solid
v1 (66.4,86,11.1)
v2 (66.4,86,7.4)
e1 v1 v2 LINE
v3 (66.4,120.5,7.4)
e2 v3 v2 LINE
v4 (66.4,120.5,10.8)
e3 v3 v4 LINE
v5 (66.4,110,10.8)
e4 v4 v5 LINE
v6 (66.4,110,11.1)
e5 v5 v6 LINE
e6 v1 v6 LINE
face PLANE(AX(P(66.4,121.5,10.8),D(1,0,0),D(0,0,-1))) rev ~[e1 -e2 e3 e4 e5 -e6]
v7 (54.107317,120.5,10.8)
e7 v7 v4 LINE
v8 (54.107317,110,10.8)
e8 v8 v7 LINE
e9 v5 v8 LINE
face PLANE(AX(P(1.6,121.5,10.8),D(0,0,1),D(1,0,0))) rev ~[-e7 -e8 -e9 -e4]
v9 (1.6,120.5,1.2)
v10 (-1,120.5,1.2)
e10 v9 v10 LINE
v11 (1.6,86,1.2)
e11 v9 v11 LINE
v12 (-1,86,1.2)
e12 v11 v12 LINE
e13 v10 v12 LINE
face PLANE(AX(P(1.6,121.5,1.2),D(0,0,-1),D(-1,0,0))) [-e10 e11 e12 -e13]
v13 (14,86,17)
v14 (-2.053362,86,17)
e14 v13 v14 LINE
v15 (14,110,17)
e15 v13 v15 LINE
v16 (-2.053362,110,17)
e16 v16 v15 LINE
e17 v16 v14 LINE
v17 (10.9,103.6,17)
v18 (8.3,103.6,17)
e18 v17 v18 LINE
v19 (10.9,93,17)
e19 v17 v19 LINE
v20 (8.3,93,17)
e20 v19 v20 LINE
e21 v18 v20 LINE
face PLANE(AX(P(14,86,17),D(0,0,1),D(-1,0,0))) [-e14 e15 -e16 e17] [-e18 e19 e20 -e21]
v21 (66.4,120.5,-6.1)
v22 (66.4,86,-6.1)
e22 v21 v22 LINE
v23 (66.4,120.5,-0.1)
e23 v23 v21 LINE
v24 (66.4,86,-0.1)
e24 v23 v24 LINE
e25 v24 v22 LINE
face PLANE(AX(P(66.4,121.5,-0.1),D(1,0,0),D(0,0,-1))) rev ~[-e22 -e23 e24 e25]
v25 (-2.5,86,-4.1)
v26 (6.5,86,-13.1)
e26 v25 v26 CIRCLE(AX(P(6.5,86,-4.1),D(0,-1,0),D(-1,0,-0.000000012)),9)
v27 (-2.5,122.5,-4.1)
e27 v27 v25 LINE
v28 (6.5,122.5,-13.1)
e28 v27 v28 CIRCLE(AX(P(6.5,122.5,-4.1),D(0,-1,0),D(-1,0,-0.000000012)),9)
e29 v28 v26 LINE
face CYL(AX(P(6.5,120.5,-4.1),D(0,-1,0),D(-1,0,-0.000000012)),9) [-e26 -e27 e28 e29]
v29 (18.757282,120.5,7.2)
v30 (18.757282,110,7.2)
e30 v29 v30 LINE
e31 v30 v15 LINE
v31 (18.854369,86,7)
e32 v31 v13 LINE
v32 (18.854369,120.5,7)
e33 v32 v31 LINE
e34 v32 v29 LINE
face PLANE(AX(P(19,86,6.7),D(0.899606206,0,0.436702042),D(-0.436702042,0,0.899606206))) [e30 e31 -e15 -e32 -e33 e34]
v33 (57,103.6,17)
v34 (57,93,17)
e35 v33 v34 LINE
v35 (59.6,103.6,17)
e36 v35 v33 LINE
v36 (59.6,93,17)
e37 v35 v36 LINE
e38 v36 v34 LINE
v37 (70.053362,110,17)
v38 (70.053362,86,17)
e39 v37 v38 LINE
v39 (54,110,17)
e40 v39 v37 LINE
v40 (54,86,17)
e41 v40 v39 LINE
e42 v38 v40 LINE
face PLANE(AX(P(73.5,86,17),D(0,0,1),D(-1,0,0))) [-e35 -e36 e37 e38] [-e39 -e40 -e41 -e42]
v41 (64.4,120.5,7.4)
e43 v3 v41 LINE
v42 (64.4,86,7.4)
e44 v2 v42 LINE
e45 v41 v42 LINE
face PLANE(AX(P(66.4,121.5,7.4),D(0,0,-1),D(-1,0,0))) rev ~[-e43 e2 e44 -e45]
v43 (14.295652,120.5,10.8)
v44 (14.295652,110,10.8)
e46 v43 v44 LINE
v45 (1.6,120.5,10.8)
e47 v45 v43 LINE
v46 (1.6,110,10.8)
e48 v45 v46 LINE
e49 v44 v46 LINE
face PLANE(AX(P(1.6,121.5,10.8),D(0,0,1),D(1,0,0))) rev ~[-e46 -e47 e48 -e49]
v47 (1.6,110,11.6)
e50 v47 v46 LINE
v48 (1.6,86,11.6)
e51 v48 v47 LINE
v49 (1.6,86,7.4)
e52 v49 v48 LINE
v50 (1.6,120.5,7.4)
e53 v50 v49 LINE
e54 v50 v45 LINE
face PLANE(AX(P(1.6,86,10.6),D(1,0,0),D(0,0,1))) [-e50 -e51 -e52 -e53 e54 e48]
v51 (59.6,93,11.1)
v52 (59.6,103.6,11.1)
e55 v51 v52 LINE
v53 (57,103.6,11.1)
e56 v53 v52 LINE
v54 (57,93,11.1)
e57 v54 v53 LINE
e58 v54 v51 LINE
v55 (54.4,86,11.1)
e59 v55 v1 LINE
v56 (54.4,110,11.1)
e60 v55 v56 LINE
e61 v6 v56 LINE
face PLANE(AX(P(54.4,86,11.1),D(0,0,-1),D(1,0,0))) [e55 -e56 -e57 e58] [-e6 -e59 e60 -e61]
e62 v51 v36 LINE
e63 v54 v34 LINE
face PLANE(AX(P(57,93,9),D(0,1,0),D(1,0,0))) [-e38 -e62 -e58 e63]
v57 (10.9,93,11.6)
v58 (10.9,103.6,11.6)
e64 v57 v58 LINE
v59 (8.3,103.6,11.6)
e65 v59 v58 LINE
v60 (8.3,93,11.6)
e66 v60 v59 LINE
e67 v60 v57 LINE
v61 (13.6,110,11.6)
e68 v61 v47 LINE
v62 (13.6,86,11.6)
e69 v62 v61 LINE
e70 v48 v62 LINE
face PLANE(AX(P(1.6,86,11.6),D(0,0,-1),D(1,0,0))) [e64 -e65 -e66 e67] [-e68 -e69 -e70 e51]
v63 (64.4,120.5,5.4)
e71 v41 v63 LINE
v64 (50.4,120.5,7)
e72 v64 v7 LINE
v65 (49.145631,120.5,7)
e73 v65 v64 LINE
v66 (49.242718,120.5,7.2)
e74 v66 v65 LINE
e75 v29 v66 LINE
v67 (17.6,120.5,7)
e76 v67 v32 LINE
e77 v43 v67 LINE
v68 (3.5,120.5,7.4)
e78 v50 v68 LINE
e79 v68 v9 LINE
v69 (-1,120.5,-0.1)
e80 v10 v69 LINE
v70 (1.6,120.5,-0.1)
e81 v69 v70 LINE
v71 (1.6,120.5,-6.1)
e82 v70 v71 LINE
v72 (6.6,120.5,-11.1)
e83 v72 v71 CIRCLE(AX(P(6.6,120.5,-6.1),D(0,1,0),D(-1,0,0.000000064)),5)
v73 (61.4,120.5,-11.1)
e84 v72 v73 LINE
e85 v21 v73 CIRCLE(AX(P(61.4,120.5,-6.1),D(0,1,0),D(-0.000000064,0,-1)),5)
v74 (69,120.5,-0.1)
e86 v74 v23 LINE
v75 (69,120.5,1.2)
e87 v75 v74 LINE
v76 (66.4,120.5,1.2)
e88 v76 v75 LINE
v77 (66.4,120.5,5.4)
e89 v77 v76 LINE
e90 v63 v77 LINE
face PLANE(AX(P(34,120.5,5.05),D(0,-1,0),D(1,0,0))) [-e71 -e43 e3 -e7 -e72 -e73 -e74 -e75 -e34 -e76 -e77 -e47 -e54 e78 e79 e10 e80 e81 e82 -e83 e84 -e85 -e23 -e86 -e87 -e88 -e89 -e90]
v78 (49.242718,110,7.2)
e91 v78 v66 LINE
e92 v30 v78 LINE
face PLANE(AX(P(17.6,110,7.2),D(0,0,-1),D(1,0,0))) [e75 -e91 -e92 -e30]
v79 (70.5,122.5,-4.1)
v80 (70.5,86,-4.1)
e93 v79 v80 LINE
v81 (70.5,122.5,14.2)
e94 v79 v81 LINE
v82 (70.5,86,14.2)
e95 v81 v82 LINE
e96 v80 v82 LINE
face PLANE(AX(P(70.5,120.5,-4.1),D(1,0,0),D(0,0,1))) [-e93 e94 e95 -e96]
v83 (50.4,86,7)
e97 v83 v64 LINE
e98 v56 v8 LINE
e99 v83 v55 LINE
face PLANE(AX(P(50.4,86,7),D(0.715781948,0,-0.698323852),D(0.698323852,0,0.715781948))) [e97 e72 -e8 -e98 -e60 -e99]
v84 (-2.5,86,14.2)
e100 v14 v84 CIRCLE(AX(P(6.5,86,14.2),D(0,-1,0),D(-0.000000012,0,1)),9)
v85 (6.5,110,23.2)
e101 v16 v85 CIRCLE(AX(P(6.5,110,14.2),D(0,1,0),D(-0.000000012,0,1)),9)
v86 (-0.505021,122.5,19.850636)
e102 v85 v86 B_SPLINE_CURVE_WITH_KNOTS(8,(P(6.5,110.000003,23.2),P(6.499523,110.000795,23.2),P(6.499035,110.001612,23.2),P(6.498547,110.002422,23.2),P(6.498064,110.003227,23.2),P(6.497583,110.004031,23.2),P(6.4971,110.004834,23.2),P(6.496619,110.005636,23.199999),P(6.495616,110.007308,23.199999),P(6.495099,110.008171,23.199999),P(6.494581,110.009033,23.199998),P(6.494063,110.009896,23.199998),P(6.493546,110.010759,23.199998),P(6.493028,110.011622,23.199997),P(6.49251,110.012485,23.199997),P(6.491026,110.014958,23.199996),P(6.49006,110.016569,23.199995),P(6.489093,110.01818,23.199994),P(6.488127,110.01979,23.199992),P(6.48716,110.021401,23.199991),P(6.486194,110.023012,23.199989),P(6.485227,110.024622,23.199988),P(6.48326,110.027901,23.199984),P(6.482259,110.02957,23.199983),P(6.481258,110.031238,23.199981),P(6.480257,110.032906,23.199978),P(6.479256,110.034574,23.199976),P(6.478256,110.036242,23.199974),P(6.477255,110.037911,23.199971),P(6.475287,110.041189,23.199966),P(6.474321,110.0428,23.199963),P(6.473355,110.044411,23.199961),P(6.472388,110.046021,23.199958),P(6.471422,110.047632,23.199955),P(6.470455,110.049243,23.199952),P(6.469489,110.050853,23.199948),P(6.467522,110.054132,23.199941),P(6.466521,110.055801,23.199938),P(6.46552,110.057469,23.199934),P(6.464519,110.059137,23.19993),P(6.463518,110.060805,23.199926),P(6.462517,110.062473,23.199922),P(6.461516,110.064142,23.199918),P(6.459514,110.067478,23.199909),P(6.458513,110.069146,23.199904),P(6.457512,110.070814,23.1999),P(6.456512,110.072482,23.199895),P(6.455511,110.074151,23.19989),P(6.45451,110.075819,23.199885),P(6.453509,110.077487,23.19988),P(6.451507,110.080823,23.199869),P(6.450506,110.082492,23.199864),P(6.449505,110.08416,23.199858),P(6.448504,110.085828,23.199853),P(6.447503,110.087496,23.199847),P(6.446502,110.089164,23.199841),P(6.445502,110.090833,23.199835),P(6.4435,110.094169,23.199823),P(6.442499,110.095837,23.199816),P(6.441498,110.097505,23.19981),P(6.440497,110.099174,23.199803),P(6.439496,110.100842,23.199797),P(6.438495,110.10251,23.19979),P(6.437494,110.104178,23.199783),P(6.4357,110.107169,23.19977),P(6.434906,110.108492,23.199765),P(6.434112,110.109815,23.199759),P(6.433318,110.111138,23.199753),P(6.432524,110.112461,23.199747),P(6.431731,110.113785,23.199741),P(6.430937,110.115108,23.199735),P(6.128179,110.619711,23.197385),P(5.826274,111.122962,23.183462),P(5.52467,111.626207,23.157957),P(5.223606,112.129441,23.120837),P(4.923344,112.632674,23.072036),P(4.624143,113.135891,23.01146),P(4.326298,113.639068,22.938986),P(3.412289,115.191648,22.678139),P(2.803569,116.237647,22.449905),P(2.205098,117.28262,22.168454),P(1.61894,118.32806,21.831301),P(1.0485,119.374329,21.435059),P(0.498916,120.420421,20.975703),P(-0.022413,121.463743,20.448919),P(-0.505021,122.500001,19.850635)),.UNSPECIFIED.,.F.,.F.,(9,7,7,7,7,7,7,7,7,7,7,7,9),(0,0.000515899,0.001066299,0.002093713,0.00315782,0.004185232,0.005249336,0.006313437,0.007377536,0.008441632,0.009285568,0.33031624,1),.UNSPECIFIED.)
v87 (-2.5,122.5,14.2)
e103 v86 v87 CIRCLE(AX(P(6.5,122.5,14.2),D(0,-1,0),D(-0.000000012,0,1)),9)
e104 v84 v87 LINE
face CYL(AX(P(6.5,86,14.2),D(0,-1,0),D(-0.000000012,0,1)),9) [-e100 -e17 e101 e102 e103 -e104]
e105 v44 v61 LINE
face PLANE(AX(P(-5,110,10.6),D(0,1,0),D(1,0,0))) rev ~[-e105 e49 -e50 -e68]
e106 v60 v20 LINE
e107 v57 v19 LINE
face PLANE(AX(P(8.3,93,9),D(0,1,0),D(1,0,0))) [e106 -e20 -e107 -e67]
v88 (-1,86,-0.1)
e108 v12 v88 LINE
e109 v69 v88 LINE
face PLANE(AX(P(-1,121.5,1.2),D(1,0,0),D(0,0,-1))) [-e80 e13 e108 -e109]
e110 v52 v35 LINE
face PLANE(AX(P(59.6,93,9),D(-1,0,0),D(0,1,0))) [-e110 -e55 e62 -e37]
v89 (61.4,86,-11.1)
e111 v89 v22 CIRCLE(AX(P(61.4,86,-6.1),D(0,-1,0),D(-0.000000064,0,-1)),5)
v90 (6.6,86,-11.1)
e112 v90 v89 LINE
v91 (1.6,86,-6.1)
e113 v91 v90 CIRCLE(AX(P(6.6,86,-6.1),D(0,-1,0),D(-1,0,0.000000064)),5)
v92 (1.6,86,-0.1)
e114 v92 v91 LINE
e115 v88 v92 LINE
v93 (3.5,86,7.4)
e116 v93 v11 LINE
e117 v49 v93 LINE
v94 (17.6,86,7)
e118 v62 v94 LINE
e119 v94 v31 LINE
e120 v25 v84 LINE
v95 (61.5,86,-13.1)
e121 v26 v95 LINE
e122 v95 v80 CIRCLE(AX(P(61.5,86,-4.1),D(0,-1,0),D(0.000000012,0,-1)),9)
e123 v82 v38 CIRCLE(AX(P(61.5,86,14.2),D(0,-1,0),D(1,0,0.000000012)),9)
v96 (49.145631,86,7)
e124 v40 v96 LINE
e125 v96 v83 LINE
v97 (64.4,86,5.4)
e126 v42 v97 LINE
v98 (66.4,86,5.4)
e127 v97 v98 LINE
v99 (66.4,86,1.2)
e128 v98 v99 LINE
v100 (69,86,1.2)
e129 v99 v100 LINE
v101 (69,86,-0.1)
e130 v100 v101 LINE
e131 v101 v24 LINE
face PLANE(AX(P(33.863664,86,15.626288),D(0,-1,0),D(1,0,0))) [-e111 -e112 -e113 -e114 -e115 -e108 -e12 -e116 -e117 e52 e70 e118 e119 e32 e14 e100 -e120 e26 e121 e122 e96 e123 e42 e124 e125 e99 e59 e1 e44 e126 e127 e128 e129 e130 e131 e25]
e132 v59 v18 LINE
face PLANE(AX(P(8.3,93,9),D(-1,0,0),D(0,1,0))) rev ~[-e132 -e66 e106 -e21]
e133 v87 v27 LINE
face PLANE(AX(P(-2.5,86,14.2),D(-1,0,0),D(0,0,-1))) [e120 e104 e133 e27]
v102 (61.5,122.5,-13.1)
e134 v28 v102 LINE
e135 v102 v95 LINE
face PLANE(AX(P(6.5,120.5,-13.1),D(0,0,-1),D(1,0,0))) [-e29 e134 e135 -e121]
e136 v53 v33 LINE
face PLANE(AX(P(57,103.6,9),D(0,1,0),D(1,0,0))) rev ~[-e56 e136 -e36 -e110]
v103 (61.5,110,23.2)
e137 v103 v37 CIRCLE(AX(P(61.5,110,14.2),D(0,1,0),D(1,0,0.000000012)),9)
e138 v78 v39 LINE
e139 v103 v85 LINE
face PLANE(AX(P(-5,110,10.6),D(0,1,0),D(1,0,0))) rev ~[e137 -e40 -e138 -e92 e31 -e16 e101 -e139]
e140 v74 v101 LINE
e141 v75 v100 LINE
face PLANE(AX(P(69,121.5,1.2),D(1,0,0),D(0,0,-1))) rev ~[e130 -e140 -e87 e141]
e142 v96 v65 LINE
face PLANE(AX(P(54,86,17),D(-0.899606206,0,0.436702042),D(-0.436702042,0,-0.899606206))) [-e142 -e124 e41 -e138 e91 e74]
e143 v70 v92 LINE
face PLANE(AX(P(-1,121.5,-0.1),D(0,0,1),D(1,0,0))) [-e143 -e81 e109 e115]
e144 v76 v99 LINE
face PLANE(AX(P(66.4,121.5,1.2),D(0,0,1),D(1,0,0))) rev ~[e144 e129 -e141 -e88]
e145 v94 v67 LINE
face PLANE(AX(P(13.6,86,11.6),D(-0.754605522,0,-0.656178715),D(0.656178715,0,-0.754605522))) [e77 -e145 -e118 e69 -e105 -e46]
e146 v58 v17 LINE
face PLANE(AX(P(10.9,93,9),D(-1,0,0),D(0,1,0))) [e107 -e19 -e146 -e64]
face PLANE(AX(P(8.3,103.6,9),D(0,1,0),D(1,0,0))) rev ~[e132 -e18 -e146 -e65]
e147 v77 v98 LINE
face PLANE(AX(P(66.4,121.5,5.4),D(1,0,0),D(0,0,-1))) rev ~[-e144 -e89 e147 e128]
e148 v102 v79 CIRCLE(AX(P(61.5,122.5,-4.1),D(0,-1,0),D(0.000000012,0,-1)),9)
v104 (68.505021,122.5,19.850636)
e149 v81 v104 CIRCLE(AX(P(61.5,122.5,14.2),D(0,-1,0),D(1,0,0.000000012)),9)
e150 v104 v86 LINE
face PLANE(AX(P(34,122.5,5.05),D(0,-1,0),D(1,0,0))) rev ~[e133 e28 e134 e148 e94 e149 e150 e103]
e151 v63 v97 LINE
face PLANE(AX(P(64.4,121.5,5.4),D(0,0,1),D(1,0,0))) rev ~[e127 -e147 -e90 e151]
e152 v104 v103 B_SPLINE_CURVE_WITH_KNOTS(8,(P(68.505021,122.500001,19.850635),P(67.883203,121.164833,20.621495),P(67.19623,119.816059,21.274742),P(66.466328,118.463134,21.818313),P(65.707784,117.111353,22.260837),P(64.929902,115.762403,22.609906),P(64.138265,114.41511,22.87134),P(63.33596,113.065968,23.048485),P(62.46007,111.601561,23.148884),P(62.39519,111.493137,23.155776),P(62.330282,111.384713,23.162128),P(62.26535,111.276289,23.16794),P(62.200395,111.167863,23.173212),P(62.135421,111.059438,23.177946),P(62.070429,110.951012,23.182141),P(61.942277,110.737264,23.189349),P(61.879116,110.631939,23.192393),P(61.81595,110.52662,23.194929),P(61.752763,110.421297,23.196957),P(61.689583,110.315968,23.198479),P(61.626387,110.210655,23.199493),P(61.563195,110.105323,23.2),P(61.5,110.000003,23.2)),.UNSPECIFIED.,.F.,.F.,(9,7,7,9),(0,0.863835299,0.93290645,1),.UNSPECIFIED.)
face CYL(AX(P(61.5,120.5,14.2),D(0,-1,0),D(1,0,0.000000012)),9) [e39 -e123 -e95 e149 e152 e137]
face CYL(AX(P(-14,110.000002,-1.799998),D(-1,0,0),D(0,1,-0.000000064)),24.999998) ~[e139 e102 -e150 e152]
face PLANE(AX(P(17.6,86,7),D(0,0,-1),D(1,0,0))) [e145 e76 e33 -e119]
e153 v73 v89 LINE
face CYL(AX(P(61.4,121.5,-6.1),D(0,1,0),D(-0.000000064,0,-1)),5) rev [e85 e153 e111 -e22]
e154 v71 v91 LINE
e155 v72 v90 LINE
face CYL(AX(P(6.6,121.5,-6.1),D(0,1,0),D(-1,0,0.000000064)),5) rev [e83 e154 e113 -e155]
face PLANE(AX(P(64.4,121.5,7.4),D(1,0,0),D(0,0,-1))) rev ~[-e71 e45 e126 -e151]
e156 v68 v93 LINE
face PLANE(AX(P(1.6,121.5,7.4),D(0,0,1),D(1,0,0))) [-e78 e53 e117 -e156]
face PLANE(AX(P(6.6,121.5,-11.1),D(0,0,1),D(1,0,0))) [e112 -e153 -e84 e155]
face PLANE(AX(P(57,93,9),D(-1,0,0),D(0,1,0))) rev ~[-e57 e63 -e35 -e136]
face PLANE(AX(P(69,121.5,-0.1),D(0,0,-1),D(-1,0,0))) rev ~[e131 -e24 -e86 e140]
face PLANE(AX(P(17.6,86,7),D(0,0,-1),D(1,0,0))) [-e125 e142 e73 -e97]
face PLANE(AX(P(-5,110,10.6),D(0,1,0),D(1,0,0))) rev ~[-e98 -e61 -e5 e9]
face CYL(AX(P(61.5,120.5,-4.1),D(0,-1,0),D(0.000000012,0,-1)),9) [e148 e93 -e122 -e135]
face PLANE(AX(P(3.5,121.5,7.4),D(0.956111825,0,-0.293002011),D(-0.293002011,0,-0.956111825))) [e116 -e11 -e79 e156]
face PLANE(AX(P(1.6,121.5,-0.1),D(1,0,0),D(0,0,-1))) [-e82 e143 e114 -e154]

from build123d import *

# Parameters (mm, degrees)
BOX021_W                             = 2.6
BOX021_H                             = 10.6
BOX021_DEPTH                         = 15
BOX020_W                             = 2.6
BOX020_H                             = 10.6
BOX020_DEPTH                         = 15
EXTRUDE056_DEPTH                     = 34.5
EXTRUDE056_ONTO_SKETCH076_ROLL_ANGLE = 90
EXTRUDE055_DEPTH                     = 34.5
EXTRUDE055_ONTO_SKETCH075_ROLL_ANGLE = 90
EXTRUDE057_DEPTH                     = 10.5
EXTRUDE057_ONTO_SKETCH077_ROLL_ANGLE = 90
EXTRUDE060_DEPTH                     = 100
EXTRUDE059_DEPTH                     = 2
EXTRUDE059_ONTO_SKETCH079_ROLL_ANGLE = 90
BOX026_W                             = 80
BOX026_H                             = 28
BOX026_DEPTH                         = 30
EXTRUDE058_DEPTH                     = 35.5
EXTRUDE058_ONTO_SKETCH078_ROLL_ANGLE = 90


with BuildPart() as control_cutout_rec002:
    # Box021 → Box021 (new body)
    with BuildSketch(Plane(origin=(57, 93, 9), x_dir=(1, 0, 0), z_dir=(0, 0, 1))):
        with Locations((1.3, 5.3)):
            Rectangle(BOX021_W, BOX021_H)
    extrude(amount=BOX021_DEPTH)


with BuildPart() as button_cutouts_rec:
    # Box020 → Box020 (new body)
    with BuildSketch(Plane(origin=(8.3, 93, 9), x_dir=(1, 0, 0), z_dir=(0, 0, 1))):
        with Locations((1.3, 5.3)):
            Rectangle(BOX020_W, BOX020_H)
    extrude(amount=BOX020_DEPTH)

    # Fusion034: union control_cutout_rec002
    add(control_cutout_rec002.part)


with BuildPart() as screen_cutout_shp001:
    # Sketch076 as drawn → Extrude056 (new)
    with BuildSketch(Plane.XY):
        Polygon((14, 17), (-5.5, 17), (-5.5, 25.6), (73.5, 25.6), (73.5, 17), (54, 17), (49, 6.7), (49, 6.6), (19, 6.6), (19, 6.7), align=None)
    extrude(amount=-EXTRUDE056_DEPTH)


with BuildPart() as screen_cutout_shp001_1:
    # Extrude056 onto Sketch076 roll: moved
    add(screen_cutout_shp001.part.rotate(Axis((0, 0, 0), (1, 0, 0)), EXTRUDE056_ONTO_SKETCH076_ROLL_ANGLE))


with BuildPart() as screen_cutout_shp001_2:
    # Extrude056 onto Sketch076 placement: moved
    add(screen_cutout_shp001_1.part.moved(Location((0, 86, 0))))


with BuildPart() as screen_frame001:
    # Sketch075 as drawn → Extrude055 (new)
    with BuildSketch(Plane.XY):
        with BuildLine():
            Line((-2.5, 14.2), (-2.5, 10.6))
            Line((-2.5, 10.6), (1.6, 10.6))
            Line((1.6, 10.6), (1.6, 11.6))
            Line((1.6, 11.6), (13.6, 11.6))
            Line((13.6, 11.6), (17.6, 7))
            Line((17.6, 7), (50.4, 7))
            Line((50.4, 7), (54.4, 11.1))
            Line((54.4, 11.1), (66.4, 11.1))
            Line((66.4, 11.1), (66.4, 10.6))
            Line((66.4, 10.6), (70.5, 10.6))
            Line((70.5, 10.6), (70.5, 14.2))
            ThreePointArc((70.5, 14.2), (67.863961, 20.563961), (61.5, 23.2))
            Line((6.5, 23.2), (61.5, 23.2))
            ThreePointArc((6.5, 23.2), (0.136039, 20.563961), (-2.5, 14.2))
        make_face()
    extrude(amount=-EXTRUDE055_DEPTH)


with BuildPart() as screen_frame001_1:
    # Extrude055 onto Sketch075 roll: moved
    add(screen_frame001.part.rotate(Axis((0, 0, 0), (1, 0, 0)), EXTRUDE055_ONTO_SKETCH075_ROLL_ANGLE))


with BuildPart() as screen_frame001_2:
    # Extrude055 onto Sketch075 placement: moved
    add(screen_frame001_1.part.moved(Location((0, 86, 0))))

    # Cut022: cut screen_cutout_shp001
    add(screen_cutout_shp001_2.part, mode=Mode.SUBTRACT)


with BuildPart() as cut023:
    # Sketch077 as drawn → Extrude057 (new)
    with BuildSketch(Plane.XY):
        Polygon((13.6, 12.2), (17.6, 7.2), (50.4, 7.2), (54.4, 12.2), align=None)
    extrude(amount=-EXTRUDE057_DEPTH)


with BuildPart() as cut023_1:
    # Extrude057 onto Sketch077 roll: moved
    add(cut023.part.rotate(Axis((0, 0, 0), (1, 0, 0)), EXTRUDE057_ONTO_SKETCH077_ROLL_ANGLE))


with BuildPart() as cut023_2:
    # Extrude057 onto Sketch077 placement: moved
    add(cut023_1.part.moved(Location((0, 110, 0))))

    # Fusion035: union screen_frame001
    add(screen_frame001_2.part)

    # Cut023: cut button_cutouts_rec
    add(button_cutouts_rec.part, mode=Mode.SUBTRACT)


with BuildPart() as round_cut001:
    # Sketch080 → Extrude060 (new body)
    with BuildSketch(Plane.YZ.offset(-14)):
        with BuildLine():
            Line((100, 23.2), (100, 26.2))
            Line((100, 26.2), (138, 26.2))
            Line((138, 26.2), (138, -11.8))
            Line((138, -11.8), (135, -11.8))
            Line((135, -11.8), (135, -1.8))
            ThreePointArc((135, -1.8), (127.67767, 15.87767), (110, 23.2))
            Line((100, 23.2), (110, 23.2))
        make_face()
    extrude(amount=EXTRUDE060_DEPTH)


with BuildPart() as extrude059:
    # Sketch079 as drawn → Extrude059 (new)
    with BuildSketch(Plane.XY):
        with BuildLine():
            Line((-2.5, 14.2), (-2.5, -4.1))
            ThreePointArc((-2.5, -4.1), (0.136039, -10.463961), (6.5, -13.1))
            Line((6.5, -13.1), (61.5, -13.1))
            ThreePointArc((61.5, -13.1), (67.863961, -10.463961), (70.5, -4.1))
            Line((70.5, -4.1), (70.5, 14.2))
            ThreePointArc((70.5, 14.2), (67.863961, 20.563961), (61.5, 23.2))
            Line((6.5, 23.2), (61.5, 23.2))
            ThreePointArc((6.5, 23.2), (0.136039, 20.563961), (-2.5, 14.2))
        make_face()
    extrude(amount=-EXTRUDE059_DEPTH)


with BuildPart() as extrude059_1:
    # Extrude059 onto Sketch079 roll: moved
    add(extrude059.part.rotate(Axis((0, 0, 0), (1, 0, 0)), EXTRUDE059_ONTO_SKETCH079_ROLL_ANGLE))


with BuildPart() as extrude059_2:
    # Extrude059 onto Sketch079 placement: moved
    add(extrude059_1.part.moved(Location((0, 120, 0))))


with BuildPart() as extrude059_3:
    # Extrude059 placement: moved
    add(extrude059_2.part.moved(Location((0, 0.5, 0))))


with BuildPart() as cube007:
    # Box026 → Box026 (new body)
    with BuildSketch(Plane(origin=(-5, 82, 10.6), x_dir=(1, 0, 0), z_dir=(0, 0, 1))):
        with Locations((40, 14)):
            Rectangle(BOX026_W, BOX026_H)
    extrude(amount=BOX026_DEPTH)


with BuildPart() as shell_upper:
    # Sketch078 as drawn → Extrude058 (new)
    with BuildSketch(Plane.XY):
        with BuildLine():
            Line((-2.5, 14.2), (-2.5, -4.1))
            ThreePointArc((-2.5, -4.1), (0.136039, -10.463961), (6.5, -13.1))
            Line((6.5, -13.1), (61.5, -13.1))
            ThreePointArc((61.5, -13.1), (67.863961, -10.463961), (70.5, -4.1))
            Line((70.5, -4.1), (70.5, 14.2))
            ThreePointArc((70.5, 14.2), (67.863961, 20.563961), (61.5, 23.2))
            Line((6.5, 23.2), (61.5, 23.2))
            ThreePointArc((6.5, 23.2), (0.136039, 20.563961), (-2.5, 14.2))
        make_face()
        with BuildLine():
            Line((1.6, 1.2), (-1, 1.2))
            Line((-1, 1.2), (-1, -0.1))
            Line((-1, -0.1), (1.6, -0.1))
            Line((1.6, -0.1), (1.6, -6.1))
            ThreePointArc((1.6, -6.1), (3.064466, -9.635534), (6.6, -11.1))
            Line((6.6, -11.1), (61.4, -11.1))
            ThreePointArc((61.4, -11.1), (64.935534, -9.635534), (66.4, -6.1))
            Line((66.4, -0.1), (66.4, -6.1))
            Line((69, -0.1), (66.4, -0.1))
            Line((69, 1.2), (69, -0.1))
            Line((66.4, 1.2), (69, 1.2))
            Line((66.4, 5.4), (66.4, 1.2))
            Line((64.4, 5.4), (66.4, 5.4))
            Line((64.4, 7.4), (64.4, 5.4))
            Line((66.4, 7.4), (64.4, 7.4))
            Line((66.4, 10.6), (66.4, 7.4))
            Line((66.4, 10.6), (66.4, 10.8))
            Line((66.4, 10.8), (64.5, 10.8))
            Line((64.5, 10.8), (3.5, 10.8))
            Line((1.6, 10.8), (3.5, 10.8))
            Line((1.6, 10.6), (1.6, 10.8))
            Line((1.6, 10.6), (1.6, 7.4))
            Line((1.6, 7.4), (3.5, 7.4))
            Line((3.5, 7.4), (1.6, 1.2))
        make_face(mode=Mode.SUBTRACT)
    extrude(amount=EXTRUDE058_DEPTH)


with BuildPart() as shell_upper_1:
    # Extrude058 onto Sketch078 roll: moved
    add(shell_upper.part.rotate(Axis((0, 0, 0), (1, 0, 0)), EXTRUDE058_ONTO_SKETCH078_ROLL_ANGLE))


with BuildPart() as shell_upper_2:
    # Extrude058 onto Sketch078 placement: moved
    add(shell_upper_1.part.moved(Location((0, 120, 0))))


with BuildPart() as shell_upper_3:
    # Extrude058 placement: moved
    add(shell_upper_2.part.moved(Location((0, 1.5, 0))))

    # Cut024: cut Cube007
    add(cube007.part, mode=Mode.SUBTRACT)

    # Fusion038: union Extrude059
    add(extrude059_3.part)

    # Cut025: cut round_cut001
    add(round_cut001.part, mode=Mode.SUBTRACT)

    # Fusion039: union Cut023
    add(cut023_2.part)


solid = shell_upper_3.part
